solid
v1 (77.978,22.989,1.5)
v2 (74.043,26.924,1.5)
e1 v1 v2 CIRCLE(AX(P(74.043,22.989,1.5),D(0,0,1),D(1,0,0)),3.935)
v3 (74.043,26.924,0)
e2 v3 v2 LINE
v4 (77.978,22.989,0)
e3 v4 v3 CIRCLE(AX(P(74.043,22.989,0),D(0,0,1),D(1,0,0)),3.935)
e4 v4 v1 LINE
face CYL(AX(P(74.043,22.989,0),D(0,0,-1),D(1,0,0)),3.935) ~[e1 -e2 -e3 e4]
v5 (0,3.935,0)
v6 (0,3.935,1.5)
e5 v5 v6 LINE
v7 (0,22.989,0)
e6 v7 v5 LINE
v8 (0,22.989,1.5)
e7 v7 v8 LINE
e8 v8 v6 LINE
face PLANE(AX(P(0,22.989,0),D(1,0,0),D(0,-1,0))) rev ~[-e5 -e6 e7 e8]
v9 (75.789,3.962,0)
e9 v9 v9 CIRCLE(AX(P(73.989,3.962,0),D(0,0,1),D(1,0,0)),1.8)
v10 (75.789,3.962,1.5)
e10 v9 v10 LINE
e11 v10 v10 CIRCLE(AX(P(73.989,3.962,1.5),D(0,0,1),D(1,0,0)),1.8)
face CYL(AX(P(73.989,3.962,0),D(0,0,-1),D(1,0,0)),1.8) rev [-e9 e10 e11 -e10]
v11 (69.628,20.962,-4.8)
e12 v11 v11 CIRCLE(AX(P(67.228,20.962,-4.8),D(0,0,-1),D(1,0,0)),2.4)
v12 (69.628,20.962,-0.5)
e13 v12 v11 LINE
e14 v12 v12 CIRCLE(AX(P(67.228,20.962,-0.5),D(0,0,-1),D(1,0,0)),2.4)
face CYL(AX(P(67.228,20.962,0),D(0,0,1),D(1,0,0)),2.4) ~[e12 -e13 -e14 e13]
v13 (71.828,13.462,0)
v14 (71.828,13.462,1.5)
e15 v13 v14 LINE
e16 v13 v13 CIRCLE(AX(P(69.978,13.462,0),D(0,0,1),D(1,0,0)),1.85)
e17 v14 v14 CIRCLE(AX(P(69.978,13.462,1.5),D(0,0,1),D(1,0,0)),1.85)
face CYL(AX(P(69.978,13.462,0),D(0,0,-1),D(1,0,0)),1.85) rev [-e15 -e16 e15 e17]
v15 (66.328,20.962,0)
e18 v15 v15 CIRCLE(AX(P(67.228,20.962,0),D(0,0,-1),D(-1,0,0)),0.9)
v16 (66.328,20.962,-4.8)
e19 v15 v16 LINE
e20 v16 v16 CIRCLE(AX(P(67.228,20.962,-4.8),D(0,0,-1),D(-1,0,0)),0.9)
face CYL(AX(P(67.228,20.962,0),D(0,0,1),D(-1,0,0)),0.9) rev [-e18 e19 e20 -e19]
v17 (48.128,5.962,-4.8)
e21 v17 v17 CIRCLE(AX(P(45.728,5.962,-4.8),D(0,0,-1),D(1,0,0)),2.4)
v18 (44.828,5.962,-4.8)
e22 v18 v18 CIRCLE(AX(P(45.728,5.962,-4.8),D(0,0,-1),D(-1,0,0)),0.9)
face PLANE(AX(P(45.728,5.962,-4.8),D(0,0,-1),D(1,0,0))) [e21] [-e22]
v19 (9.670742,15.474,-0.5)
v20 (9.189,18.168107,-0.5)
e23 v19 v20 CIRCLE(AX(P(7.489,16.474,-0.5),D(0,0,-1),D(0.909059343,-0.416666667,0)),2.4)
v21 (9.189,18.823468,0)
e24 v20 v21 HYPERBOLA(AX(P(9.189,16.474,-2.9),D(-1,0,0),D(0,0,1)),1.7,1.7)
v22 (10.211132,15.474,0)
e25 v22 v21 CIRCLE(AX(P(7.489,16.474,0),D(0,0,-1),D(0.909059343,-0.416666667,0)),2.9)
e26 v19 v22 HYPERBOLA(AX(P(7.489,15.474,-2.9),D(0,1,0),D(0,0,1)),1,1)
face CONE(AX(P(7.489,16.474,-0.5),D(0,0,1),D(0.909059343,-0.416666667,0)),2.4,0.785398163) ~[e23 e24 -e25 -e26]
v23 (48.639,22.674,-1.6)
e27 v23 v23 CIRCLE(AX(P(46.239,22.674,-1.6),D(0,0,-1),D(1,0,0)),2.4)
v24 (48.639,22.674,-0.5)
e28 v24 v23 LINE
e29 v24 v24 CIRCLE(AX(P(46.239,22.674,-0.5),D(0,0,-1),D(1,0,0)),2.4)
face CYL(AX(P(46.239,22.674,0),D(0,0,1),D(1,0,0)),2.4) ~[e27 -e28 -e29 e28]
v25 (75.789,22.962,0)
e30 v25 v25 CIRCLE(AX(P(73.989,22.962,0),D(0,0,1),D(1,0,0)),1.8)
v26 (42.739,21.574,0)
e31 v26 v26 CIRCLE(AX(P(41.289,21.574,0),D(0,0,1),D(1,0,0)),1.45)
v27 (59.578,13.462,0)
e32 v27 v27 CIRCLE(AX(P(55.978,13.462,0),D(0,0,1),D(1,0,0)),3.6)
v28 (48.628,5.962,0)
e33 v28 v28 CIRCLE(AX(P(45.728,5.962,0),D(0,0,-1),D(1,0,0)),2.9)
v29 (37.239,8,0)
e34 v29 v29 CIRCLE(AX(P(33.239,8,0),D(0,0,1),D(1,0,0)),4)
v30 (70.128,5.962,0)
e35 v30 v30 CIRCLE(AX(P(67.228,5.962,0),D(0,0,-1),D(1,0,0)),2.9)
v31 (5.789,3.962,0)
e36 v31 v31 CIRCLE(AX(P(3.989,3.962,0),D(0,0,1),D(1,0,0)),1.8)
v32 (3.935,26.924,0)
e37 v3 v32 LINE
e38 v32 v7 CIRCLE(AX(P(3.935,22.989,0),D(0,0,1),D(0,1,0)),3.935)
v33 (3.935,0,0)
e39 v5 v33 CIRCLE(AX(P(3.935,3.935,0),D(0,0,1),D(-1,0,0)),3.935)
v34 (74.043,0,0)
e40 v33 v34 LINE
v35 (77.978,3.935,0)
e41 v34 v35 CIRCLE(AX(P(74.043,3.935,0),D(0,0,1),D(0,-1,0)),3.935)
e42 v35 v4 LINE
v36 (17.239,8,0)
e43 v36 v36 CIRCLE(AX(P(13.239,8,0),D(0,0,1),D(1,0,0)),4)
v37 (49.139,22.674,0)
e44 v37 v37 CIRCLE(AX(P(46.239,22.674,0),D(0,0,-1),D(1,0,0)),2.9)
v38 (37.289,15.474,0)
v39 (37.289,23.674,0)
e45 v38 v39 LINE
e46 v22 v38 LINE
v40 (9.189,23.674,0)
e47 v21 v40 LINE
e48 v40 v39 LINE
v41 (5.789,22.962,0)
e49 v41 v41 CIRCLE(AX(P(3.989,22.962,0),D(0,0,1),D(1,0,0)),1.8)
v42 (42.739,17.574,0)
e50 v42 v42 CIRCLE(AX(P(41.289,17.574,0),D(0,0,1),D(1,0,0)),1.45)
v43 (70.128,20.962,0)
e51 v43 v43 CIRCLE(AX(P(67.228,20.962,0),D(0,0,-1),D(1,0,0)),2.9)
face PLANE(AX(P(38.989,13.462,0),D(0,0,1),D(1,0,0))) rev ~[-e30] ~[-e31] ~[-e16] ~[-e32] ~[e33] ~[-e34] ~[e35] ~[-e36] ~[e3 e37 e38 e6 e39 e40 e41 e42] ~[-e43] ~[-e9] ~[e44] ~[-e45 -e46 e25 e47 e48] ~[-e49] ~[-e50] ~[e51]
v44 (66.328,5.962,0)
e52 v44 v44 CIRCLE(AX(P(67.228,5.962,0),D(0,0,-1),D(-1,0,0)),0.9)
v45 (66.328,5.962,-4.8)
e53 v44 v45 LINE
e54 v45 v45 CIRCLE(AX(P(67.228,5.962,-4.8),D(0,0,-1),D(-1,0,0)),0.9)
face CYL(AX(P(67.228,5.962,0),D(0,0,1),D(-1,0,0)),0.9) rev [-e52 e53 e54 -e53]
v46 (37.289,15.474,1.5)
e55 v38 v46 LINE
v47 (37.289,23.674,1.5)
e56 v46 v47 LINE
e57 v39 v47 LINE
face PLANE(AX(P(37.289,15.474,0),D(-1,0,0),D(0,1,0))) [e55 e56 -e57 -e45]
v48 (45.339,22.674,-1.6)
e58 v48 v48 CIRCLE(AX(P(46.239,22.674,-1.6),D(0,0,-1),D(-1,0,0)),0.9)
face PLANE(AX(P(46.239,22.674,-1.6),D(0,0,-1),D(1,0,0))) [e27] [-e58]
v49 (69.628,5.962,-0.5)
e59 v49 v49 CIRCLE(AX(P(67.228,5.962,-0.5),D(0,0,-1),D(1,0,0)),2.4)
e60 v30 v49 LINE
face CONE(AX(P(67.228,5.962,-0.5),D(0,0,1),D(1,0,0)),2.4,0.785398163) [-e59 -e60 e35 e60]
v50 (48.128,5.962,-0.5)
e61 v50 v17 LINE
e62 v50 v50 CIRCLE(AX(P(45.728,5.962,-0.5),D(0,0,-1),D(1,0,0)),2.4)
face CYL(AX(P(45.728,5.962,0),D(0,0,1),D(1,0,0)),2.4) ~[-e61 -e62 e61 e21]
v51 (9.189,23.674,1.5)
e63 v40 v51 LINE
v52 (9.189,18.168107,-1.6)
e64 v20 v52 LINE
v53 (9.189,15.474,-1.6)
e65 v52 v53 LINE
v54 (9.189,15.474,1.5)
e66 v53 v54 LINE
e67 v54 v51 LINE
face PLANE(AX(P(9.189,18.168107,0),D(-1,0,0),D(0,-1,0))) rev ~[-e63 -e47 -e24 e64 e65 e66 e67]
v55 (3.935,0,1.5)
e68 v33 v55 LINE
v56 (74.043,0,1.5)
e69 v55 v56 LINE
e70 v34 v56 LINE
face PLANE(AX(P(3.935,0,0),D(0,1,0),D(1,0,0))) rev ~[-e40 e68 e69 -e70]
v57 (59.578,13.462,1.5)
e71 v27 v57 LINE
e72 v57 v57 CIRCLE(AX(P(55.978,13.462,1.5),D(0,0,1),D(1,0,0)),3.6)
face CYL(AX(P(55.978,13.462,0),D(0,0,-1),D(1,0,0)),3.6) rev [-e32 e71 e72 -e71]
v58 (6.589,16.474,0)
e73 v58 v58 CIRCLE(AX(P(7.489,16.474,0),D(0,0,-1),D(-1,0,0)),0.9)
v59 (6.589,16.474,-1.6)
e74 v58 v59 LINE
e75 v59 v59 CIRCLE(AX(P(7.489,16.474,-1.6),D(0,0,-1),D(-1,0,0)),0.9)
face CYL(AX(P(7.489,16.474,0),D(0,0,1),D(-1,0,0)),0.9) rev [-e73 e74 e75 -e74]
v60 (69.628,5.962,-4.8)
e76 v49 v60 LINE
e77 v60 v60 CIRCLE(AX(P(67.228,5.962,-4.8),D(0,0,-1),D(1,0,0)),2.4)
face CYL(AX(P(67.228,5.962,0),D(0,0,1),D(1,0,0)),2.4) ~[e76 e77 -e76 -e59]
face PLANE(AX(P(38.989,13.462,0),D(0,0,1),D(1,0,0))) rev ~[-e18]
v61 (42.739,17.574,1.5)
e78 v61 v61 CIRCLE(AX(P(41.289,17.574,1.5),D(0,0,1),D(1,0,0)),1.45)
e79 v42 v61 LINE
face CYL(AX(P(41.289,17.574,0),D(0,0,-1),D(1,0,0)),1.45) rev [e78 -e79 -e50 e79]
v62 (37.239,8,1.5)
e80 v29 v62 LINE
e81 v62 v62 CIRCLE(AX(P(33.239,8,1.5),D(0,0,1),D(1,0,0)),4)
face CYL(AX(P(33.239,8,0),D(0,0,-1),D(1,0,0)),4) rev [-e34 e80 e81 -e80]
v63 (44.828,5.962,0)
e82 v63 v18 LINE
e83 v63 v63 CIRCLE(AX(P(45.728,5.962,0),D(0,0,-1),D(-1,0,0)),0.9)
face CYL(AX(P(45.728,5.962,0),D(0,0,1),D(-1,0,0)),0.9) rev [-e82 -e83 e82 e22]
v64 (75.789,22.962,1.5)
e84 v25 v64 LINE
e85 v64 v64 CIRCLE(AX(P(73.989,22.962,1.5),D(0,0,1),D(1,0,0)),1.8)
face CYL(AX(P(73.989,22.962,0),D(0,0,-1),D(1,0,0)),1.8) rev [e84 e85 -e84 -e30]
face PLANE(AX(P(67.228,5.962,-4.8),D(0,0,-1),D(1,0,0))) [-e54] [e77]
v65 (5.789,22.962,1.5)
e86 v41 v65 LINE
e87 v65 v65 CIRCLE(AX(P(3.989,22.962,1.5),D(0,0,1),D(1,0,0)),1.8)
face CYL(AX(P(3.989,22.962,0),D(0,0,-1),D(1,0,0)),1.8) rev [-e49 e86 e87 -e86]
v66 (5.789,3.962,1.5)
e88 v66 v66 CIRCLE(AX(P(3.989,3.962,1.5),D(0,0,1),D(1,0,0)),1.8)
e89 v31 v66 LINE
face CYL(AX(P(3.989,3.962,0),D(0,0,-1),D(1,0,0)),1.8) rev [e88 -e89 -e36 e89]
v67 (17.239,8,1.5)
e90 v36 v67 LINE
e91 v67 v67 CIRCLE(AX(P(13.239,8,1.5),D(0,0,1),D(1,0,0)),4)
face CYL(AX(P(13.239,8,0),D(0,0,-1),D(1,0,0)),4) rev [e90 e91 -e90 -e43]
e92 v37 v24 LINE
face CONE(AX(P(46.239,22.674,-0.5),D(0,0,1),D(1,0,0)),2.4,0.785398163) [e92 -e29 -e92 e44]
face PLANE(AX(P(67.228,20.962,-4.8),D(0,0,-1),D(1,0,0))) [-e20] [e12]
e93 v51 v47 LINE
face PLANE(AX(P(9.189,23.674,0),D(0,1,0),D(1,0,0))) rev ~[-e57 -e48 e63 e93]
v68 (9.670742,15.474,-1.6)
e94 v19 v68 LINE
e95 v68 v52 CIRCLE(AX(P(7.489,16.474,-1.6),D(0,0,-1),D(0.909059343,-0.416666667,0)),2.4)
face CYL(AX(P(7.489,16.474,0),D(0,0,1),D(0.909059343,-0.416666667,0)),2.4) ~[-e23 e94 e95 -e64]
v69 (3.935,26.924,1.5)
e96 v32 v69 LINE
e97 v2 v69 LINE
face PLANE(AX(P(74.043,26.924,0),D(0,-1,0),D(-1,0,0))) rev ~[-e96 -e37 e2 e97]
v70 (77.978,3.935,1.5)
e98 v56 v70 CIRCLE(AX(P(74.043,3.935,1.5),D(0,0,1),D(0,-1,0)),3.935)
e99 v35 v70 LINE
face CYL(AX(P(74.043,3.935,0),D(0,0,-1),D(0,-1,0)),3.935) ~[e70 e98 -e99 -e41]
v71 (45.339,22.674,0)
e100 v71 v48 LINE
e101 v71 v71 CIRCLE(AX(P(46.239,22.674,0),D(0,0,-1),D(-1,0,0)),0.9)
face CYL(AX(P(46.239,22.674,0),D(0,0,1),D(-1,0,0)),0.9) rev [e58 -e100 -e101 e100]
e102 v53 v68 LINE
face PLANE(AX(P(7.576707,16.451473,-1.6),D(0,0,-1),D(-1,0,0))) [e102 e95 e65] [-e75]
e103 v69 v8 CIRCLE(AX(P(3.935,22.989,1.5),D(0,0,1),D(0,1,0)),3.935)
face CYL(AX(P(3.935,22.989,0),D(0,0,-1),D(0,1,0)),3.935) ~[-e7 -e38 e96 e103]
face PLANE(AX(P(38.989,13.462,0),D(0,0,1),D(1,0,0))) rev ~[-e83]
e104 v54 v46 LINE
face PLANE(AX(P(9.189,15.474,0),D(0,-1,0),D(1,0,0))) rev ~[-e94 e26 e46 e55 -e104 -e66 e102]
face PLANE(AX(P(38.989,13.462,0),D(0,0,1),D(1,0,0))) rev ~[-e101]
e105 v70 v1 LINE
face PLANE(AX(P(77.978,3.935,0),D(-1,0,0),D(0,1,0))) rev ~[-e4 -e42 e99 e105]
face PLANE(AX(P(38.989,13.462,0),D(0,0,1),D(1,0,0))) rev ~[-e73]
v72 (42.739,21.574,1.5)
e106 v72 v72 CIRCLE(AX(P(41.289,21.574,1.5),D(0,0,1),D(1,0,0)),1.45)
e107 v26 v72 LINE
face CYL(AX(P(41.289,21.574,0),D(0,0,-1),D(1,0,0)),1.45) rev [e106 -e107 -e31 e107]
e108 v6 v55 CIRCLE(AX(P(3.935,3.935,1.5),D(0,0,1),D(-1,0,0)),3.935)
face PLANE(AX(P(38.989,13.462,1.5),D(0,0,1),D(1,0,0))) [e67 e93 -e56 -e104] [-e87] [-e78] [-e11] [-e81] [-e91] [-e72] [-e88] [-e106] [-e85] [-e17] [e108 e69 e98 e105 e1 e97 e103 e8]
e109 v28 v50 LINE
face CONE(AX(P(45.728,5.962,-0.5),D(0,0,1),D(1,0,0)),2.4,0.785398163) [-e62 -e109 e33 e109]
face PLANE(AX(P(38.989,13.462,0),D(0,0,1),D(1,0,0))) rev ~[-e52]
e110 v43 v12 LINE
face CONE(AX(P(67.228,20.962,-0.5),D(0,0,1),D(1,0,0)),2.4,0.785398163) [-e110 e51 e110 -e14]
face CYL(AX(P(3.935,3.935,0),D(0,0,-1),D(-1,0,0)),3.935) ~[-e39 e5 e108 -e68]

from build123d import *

# Parameters (mm, degrees)
SKETCH2_R           = 1.8
SKETCH2_R_2         = 3.6
SKETCH2_R_3         = 4
SKETCH2_R_4         = 1.45
SKETCH2_R_5         = 1.85
SKETCH2_W           = 28.1
SKETCH2_H           = 8.2
BOSS_EXTRUDE2_DEPTH = 1.5
SKETCH3_R           = 2.4
SKETCH3_R_2         = 0.9
BOSS_EXTRUDE3_DEPTH = 1.6
SKETCH4_R           = 2.4
SKETCH4_R_2         = 0.9
BOSS_EXTRUDE4_DEPTH = 4.8
CHAMFER1_SIZE       = 0.5


with BuildPart() as part:
    # Sketch2 → Boss-Extrude2 (new body)
    with BuildSketch(Plane.XY):
        with BuildLine():
            Line((0, 22.989), (0, 3.935))
            ThreePointArc((0, 3.935), (1.152534816, 1.152534816), (3.935, 0))
            Line((3.935, 0), (74.043, 0))
            ThreePointArc((74.043, 0), (76.825465184, 1.152534816), (77.978, 3.935))
            Line((77.978, 3.935), (77.978, 22.989))
            ThreePointArc((77.978, 22.989), (76.825465184, 25.771465184), (74.043, 26.924))
            Line((74.043, 26.924), (3.935, 26.924))
            ThreePointArc((3.935, 26.924), (1.152534816, 25.771465184), (0, 22.989))
        make_face()
        with Locations((3.989, 22.962)):
            Circle(SKETCH2_R, mode=Mode.SUBTRACT)
        with Locations((73.989, 22.962)):
            Circle(SKETCH2_R, mode=Mode.SUBTRACT)
        with Locations((3.989, 3.962)):
            Circle(SKETCH2_R, mode=Mode.SUBTRACT)
        with Locations((73.989, 3.962)):
            Circle(SKETCH2_R, mode=Mode.SUBTRACT)
        with Locations((55.978, 13.462)):
            Circle(SKETCH2_R_2, mode=Mode.SUBTRACT)
        with Locations((13.239, 8)):
            Circle(SKETCH2_R_3, mode=Mode.SUBTRACT)
        with Locations((33.239, 8)):
            Circle(SKETCH2_R_3, mode=Mode.SUBTRACT)
        with Locations((41.289, 21.574)):
            Circle(SKETCH2_R_4, mode=Mode.SUBTRACT)
        with Locations((41.289, 17.574)):
            Circle(SKETCH2_R_4, mode=Mode.SUBTRACT)
        with Locations((69.978, 13.462)):
            Circle(SKETCH2_R_5, mode=Mode.SUBTRACT)
        with Locations((23.239, 19.574)):
            Rectangle(SKETCH2_W, SKETCH2_H, mode=Mode.SUBTRACT)
    extrude(amount=BOSS_EXTRUDE2_DEPTH)

    # Sketch3 → Boss-Extrude3 (add)
    # profile 1 of 2: a face of its own
    with BuildSketch(Plane(origin=(0, 0, 0), x_dir=(-1, 0, 0), z_dir=(0, 0, -1))):
        with Locations(Location((-46.239, 22.674, 0), (0, 0, 180))):
            Circle(SKETCH3_R)
        with Locations((-46.239, 22.674)):
            Circle(SKETCH3_R_2, mode=Mode.SUBTRACT)
    # profile 2 of 2: a face of its own
    with BuildSketch(Plane(origin=(0, 0, 0), x_dir=(-1, 0, 0), z_dir=(0, 0, -1))):
        with BuildLine():
            Line((-9.189, 15.474), (-9.670742423, 15.474))
            ThreePointArc((-9.670742423, 15.474), (-5.126472799, 16.051548555), (-9.189, 18.168107435))
            Line((-9.189, 18.168107435), (-9.189, 15.474))
        make_face()
        with Locations((-7.489, 16.474)):
            Circle(SKETCH3_R_2, mode=Mode.SUBTRACT)
    extrude(amount=BOSS_EXTRUDE3_DEPTH)

    # Sketch4 → Boss-Extrude4 (add)
    # profile 1 of 3: a face of its own
    with BuildSketch(Plane(origin=(0, 0, 0), x_dir=(-1, 0, 0), z_dir=(0, 0, -1))):
        with Locations(Location((-67.228, 20.962, 0), (0, 0, 180))):
            Circle(SKETCH4_R)
        with Locations((-67.228, 20.962)):
            Circle(SKETCH4_R_2, mode=Mode.SUBTRACT)
    # profile 2 of 3: a face of its own
    with BuildSketch(Plane(origin=(0, 0, 0), x_dir=(-1, 0, 0), z_dir=(0, 0, -1))):
        with Locations(Location((-67.228, 5.962, 0), (0, 0, 180))):
            Circle(SKETCH4_R)
        with Locations((-67.228, 5.962)):
            Circle(SKETCH4_R_2, mode=Mode.SUBTRACT)
    # profile 3 of 3: a face of its own
    with BuildSketch(Plane(origin=(0, 0, 0), x_dir=(-1, 0, 0), z_dir=(0, 0, -1))):
        with Locations(Location((-45.728, 5.962, 0), (0, 0, 180))):
            Circle(SKETCH4_R)
        with Locations((-45.728, 5.962)):
            Circle(SKETCH4_R_2, mode=Mode.SUBTRACT)
    extrude(amount=BOSS_EXTRUDE4_DEPTH)

    # Chamfer1
    chamfer1_edges = [part.edges().sort_by_distance(p)[0] for p in [
        (5.126472799, 16.051548555, 0),
        (43.839, 22.674, 0),
        (64.828, 20.962, 0),
        (64.828, 5.962, 0),
        (43.328, 5.962, 0),
    ]]
    chamfer(chamfer1_edges, length=CHAMFER1_SIZE)


solid = part.part
